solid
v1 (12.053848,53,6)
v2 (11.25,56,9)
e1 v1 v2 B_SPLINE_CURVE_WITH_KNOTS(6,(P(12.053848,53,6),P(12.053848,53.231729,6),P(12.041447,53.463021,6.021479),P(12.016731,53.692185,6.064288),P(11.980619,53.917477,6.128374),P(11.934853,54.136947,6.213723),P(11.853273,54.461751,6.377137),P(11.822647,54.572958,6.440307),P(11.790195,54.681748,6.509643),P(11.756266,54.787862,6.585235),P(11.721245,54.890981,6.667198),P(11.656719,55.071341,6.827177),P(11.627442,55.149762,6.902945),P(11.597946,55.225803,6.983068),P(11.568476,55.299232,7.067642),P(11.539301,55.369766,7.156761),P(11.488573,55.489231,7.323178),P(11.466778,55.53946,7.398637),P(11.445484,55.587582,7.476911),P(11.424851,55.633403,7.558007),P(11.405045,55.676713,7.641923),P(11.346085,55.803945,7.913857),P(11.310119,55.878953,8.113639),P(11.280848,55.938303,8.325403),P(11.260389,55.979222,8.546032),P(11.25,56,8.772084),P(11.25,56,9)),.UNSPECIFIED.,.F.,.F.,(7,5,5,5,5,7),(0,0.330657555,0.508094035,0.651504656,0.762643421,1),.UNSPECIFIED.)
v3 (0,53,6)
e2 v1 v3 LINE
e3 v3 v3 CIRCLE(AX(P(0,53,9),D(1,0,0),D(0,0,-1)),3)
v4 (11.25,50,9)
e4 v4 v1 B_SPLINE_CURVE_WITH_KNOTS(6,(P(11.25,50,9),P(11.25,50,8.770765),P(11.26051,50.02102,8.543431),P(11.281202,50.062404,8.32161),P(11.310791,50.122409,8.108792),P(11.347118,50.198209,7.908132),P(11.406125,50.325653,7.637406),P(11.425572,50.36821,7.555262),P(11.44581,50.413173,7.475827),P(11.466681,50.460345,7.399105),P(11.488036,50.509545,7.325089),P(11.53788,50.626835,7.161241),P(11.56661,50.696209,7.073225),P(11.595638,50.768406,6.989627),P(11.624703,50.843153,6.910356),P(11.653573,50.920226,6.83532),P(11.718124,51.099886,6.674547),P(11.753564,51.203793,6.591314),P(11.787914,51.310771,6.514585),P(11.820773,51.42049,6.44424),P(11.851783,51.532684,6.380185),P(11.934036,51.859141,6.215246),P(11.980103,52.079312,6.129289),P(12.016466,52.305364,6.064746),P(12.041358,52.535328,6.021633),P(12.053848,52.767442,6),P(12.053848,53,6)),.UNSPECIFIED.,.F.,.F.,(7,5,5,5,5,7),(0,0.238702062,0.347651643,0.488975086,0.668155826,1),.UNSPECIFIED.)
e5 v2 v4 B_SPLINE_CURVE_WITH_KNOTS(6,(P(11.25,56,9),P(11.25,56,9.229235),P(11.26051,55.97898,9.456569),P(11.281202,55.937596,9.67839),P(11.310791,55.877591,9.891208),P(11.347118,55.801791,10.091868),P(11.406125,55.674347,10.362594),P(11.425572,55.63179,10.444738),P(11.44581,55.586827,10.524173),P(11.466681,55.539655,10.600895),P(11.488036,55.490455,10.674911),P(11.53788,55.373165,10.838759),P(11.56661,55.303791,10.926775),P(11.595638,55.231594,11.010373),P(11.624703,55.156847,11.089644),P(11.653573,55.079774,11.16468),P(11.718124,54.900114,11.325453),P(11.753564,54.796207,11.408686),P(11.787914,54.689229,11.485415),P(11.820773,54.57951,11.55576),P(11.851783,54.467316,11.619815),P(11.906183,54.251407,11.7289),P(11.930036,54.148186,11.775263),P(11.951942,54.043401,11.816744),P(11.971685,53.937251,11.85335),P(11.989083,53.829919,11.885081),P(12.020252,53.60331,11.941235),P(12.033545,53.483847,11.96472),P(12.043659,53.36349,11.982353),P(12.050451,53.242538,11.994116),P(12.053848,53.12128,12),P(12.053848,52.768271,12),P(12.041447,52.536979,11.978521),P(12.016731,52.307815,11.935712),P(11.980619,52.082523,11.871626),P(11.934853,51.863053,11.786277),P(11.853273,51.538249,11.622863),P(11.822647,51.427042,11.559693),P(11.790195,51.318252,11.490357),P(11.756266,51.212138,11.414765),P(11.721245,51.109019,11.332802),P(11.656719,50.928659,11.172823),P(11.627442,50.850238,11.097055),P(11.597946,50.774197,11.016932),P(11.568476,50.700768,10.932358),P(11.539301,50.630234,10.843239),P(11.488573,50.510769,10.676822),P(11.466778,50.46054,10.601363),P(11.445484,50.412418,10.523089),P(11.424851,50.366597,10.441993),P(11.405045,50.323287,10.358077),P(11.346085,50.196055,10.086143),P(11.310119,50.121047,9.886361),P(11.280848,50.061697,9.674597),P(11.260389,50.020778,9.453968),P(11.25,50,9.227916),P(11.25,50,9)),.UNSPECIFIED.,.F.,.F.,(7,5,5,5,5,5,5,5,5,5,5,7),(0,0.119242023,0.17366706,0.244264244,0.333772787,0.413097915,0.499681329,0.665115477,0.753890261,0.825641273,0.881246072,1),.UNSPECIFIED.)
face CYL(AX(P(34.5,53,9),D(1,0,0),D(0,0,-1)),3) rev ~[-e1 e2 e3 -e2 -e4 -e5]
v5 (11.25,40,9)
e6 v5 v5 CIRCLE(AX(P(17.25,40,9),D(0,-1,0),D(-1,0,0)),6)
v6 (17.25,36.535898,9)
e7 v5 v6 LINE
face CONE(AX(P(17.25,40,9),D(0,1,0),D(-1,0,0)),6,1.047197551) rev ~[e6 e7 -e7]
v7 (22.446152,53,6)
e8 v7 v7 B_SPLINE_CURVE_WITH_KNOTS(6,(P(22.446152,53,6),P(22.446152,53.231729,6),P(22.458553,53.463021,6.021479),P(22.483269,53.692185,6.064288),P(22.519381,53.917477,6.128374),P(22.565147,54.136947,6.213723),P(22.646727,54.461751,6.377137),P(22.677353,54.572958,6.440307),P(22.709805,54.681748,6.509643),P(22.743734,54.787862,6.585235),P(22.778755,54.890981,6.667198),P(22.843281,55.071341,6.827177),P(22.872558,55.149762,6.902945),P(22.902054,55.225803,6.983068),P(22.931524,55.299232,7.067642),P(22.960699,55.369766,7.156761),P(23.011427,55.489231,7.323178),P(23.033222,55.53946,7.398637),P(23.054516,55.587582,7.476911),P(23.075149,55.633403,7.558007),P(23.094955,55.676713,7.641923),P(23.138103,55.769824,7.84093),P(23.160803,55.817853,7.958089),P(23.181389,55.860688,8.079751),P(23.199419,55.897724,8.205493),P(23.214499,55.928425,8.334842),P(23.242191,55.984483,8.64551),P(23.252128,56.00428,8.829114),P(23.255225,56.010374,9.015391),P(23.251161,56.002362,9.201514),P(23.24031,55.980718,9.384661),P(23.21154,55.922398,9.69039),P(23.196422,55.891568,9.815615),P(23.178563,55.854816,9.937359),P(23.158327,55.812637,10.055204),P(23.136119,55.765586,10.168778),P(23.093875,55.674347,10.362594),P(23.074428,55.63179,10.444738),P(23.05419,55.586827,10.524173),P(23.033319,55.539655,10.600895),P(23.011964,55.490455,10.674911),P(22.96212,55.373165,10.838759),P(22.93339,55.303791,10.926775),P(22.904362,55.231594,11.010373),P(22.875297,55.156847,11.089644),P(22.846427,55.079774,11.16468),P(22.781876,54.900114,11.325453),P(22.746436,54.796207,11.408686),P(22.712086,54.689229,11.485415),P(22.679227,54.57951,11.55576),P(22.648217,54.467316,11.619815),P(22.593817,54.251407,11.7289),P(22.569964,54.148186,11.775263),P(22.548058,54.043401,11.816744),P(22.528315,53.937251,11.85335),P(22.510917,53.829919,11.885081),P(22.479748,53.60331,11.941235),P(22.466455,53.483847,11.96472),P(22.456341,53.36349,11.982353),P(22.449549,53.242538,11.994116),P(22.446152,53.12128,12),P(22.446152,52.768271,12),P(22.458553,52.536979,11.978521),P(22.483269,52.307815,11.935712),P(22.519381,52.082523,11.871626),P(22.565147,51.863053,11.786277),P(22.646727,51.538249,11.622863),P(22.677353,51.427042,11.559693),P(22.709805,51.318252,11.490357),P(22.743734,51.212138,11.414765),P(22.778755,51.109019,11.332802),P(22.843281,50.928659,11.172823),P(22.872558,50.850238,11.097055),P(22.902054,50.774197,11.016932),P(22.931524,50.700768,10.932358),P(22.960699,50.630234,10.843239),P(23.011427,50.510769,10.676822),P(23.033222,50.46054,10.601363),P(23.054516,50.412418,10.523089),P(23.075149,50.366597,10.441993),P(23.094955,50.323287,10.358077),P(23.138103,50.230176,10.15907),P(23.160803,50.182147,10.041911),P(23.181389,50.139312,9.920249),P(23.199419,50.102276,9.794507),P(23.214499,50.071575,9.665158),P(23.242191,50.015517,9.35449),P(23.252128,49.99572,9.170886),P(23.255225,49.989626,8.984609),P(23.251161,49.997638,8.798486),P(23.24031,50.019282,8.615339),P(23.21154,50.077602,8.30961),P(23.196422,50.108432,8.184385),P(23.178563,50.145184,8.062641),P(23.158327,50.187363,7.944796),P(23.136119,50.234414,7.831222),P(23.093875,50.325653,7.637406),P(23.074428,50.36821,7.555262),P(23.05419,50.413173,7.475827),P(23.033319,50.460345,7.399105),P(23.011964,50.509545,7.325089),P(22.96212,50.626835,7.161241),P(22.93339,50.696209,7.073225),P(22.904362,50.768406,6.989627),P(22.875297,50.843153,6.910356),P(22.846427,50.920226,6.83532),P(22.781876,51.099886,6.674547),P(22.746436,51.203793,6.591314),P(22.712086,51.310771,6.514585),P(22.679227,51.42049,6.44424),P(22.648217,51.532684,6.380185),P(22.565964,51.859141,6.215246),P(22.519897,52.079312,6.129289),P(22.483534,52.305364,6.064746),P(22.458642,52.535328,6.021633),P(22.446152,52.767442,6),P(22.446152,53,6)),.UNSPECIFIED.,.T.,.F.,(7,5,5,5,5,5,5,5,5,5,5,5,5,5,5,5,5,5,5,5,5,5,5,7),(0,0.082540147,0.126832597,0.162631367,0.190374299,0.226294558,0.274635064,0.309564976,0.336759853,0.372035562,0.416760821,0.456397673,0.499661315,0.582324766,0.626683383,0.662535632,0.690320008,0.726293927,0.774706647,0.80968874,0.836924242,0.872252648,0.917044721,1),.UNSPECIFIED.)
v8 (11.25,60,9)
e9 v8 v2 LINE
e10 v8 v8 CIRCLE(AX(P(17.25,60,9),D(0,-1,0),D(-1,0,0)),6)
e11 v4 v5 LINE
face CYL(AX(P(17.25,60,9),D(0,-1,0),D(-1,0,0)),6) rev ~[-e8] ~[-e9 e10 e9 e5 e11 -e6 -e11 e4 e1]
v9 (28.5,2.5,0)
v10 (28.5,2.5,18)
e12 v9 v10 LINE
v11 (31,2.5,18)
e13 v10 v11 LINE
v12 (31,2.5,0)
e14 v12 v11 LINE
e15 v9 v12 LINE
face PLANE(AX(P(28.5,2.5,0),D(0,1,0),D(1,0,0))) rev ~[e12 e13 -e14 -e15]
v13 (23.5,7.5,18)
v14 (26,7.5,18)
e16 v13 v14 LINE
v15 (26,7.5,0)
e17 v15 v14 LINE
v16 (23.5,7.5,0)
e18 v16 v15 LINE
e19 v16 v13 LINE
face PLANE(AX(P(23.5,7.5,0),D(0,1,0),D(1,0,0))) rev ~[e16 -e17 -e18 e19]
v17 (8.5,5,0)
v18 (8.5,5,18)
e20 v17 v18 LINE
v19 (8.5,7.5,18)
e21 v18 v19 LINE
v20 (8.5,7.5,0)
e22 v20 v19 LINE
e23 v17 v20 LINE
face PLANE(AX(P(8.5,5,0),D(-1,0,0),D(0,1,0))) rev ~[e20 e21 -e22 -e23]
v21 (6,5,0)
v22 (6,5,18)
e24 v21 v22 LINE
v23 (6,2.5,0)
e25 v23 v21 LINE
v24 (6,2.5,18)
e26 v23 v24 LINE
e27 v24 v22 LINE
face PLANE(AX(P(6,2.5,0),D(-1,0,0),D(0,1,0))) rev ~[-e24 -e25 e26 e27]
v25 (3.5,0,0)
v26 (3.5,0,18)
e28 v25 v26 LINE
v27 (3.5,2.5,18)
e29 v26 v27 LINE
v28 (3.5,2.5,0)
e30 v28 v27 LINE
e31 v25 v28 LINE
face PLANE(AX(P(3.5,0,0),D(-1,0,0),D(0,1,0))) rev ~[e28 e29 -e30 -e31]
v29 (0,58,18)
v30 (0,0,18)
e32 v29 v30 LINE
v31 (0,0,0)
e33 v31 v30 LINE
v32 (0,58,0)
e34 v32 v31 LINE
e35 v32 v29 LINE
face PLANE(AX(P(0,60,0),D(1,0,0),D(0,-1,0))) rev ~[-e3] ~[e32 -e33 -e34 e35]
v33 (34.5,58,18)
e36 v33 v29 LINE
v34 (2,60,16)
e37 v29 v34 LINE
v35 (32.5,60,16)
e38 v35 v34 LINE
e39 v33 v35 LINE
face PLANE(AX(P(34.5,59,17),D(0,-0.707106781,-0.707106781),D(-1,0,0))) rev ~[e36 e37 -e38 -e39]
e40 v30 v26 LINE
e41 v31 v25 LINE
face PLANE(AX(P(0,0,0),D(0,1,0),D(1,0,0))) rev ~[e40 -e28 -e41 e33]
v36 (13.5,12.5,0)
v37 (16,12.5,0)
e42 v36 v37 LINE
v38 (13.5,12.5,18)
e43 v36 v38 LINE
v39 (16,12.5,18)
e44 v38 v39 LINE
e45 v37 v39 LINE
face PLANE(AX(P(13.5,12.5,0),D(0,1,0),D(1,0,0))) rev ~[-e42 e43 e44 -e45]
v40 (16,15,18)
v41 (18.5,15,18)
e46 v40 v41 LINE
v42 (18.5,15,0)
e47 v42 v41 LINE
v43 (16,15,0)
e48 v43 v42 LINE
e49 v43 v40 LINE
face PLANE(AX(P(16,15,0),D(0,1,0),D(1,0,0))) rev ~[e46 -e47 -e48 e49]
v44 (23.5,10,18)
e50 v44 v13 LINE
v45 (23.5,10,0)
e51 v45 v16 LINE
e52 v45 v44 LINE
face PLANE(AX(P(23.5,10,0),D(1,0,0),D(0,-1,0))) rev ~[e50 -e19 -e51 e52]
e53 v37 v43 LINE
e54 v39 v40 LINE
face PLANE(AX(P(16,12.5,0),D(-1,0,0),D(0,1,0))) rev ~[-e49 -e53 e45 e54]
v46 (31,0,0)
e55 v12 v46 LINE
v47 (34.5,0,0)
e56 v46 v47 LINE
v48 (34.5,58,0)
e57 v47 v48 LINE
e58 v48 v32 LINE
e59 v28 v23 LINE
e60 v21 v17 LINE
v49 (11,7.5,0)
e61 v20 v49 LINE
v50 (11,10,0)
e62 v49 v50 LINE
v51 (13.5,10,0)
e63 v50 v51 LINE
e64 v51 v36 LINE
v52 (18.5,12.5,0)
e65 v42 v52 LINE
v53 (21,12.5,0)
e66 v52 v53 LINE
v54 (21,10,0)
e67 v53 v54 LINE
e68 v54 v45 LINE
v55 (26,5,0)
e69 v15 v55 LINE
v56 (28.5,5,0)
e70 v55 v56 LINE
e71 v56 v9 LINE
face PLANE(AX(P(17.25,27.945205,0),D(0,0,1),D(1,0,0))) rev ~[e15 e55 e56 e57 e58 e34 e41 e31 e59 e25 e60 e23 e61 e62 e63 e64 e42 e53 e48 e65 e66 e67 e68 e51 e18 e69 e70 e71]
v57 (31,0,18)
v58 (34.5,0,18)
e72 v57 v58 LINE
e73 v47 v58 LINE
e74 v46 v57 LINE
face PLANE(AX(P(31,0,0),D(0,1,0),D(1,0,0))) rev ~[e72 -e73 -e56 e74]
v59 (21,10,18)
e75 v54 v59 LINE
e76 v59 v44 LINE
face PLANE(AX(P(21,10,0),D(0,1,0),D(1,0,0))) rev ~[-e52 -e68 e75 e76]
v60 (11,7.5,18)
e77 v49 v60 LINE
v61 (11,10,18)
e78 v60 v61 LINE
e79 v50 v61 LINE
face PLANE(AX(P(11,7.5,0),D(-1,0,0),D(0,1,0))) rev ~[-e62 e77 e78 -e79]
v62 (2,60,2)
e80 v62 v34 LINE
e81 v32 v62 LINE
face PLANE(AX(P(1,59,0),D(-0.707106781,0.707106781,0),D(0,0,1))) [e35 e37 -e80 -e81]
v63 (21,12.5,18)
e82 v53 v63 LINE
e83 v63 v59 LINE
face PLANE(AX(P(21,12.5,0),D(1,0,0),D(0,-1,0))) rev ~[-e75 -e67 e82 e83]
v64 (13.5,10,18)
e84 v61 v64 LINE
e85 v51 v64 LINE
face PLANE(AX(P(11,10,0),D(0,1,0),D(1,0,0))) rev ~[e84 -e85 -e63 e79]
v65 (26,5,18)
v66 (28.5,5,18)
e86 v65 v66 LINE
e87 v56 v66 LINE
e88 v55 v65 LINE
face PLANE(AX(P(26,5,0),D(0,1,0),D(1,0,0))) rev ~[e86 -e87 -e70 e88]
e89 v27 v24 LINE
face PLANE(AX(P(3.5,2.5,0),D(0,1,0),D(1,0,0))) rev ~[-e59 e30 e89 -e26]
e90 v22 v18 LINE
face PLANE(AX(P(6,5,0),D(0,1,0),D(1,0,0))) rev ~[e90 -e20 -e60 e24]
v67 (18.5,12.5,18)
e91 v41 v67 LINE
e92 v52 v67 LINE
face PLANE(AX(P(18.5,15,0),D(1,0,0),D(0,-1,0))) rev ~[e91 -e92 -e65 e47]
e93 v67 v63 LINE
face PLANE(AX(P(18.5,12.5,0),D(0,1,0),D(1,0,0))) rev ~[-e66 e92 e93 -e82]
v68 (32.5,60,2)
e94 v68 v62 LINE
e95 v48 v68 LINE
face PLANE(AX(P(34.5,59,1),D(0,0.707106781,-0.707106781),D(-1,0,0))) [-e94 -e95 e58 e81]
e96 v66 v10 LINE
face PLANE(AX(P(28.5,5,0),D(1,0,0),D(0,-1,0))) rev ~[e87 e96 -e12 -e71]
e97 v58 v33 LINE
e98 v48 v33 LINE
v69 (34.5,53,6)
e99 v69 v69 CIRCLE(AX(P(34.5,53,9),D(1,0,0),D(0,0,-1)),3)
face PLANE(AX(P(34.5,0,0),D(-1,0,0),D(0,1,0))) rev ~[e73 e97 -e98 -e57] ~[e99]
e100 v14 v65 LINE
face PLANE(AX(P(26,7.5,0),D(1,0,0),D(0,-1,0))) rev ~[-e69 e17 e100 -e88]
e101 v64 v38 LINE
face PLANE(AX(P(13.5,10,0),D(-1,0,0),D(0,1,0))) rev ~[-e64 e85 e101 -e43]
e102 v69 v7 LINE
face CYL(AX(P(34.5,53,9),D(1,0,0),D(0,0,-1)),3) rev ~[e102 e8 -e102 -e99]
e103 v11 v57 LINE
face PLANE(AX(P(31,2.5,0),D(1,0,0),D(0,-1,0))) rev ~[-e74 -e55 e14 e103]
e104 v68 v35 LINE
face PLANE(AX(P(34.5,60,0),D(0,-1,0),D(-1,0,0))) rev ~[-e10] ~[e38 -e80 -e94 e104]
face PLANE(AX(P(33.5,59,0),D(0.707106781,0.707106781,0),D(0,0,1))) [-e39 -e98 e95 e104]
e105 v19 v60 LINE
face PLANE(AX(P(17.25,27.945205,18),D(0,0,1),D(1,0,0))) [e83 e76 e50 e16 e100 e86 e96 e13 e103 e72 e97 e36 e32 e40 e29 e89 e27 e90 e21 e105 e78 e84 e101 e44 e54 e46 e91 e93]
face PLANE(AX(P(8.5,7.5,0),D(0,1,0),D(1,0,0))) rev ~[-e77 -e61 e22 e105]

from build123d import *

# Parameters (mm, degrees)
BOSS_EXTRUDE1_DEPTH = 18
SKETCH3_R           = 3
CUT_EXTRUDE1_DEPTH  = 35.5
CHAMFER2_SIZE       = 2


with BuildPart() as part:
    # Sketch1 → Boss-Extrude1 (new body)
    with BuildSketch(Plane.XY):
        Polygon((0, 0), (3.5, 0), (3.5, 2.5), (6, 2.5), (6, 5), (8.5, 5), (8.5, 7.5), (11, 7.5), (11, 10), (13.5, 10), (13.5, 12.5), (16, 12.5), (16, 15), (18.5, 15), (18.5, 12.5), (21, 12.5), (21, 10), (23.5, 10), (23.5, 7.5), (26, 7.5), (26, 5), (28.5, 5), (28.5, 2.5), (31, 2.5), (31, 0), (34.5, 0), (34.5, 60), (0, 60), align=None)
    extrude(amount=BOSS_EXTRUDE1_DEPTH)

    # Sketch2 → Cut-Revolve1 (revolve, cut)
    with BuildSketch(Plane.XY.offset(9)):
        Polygon((11.25, 60), (11.25, 40), (17.25, 36.535898385), (17.25, 60), align=None)
    revolve(axis=Axis((17.25, 60, 9), (0, -1, 0)), mode=Mode.SUBTRACT)

    # Sketch3 → Cut-Extrude1 (cut, through all)
    with BuildSketch(Plane(origin=(34.5, 0, 0), x_dir=(0, 0, -1), z_dir=(1, 0, 0))):
        with Locations((-9, 53)):
            Circle(SKETCH3_R)
    extrude(amount=-CUT_EXTRUDE1_DEPTH, mode=Mode.SUBTRACT)

    # Chamfer2
    chamfer2_edges = [part.edges().sort_by_distance(p)[0] for p in [
        (17.25, 60, 18),
        (17.25, 60, 0),
        (0, 60, 9),
        (34.5, 60, 9),
    ]]
    chamfer(chamfer2_edges, length=CHAMFER2_SIZE)


solid = part.part
